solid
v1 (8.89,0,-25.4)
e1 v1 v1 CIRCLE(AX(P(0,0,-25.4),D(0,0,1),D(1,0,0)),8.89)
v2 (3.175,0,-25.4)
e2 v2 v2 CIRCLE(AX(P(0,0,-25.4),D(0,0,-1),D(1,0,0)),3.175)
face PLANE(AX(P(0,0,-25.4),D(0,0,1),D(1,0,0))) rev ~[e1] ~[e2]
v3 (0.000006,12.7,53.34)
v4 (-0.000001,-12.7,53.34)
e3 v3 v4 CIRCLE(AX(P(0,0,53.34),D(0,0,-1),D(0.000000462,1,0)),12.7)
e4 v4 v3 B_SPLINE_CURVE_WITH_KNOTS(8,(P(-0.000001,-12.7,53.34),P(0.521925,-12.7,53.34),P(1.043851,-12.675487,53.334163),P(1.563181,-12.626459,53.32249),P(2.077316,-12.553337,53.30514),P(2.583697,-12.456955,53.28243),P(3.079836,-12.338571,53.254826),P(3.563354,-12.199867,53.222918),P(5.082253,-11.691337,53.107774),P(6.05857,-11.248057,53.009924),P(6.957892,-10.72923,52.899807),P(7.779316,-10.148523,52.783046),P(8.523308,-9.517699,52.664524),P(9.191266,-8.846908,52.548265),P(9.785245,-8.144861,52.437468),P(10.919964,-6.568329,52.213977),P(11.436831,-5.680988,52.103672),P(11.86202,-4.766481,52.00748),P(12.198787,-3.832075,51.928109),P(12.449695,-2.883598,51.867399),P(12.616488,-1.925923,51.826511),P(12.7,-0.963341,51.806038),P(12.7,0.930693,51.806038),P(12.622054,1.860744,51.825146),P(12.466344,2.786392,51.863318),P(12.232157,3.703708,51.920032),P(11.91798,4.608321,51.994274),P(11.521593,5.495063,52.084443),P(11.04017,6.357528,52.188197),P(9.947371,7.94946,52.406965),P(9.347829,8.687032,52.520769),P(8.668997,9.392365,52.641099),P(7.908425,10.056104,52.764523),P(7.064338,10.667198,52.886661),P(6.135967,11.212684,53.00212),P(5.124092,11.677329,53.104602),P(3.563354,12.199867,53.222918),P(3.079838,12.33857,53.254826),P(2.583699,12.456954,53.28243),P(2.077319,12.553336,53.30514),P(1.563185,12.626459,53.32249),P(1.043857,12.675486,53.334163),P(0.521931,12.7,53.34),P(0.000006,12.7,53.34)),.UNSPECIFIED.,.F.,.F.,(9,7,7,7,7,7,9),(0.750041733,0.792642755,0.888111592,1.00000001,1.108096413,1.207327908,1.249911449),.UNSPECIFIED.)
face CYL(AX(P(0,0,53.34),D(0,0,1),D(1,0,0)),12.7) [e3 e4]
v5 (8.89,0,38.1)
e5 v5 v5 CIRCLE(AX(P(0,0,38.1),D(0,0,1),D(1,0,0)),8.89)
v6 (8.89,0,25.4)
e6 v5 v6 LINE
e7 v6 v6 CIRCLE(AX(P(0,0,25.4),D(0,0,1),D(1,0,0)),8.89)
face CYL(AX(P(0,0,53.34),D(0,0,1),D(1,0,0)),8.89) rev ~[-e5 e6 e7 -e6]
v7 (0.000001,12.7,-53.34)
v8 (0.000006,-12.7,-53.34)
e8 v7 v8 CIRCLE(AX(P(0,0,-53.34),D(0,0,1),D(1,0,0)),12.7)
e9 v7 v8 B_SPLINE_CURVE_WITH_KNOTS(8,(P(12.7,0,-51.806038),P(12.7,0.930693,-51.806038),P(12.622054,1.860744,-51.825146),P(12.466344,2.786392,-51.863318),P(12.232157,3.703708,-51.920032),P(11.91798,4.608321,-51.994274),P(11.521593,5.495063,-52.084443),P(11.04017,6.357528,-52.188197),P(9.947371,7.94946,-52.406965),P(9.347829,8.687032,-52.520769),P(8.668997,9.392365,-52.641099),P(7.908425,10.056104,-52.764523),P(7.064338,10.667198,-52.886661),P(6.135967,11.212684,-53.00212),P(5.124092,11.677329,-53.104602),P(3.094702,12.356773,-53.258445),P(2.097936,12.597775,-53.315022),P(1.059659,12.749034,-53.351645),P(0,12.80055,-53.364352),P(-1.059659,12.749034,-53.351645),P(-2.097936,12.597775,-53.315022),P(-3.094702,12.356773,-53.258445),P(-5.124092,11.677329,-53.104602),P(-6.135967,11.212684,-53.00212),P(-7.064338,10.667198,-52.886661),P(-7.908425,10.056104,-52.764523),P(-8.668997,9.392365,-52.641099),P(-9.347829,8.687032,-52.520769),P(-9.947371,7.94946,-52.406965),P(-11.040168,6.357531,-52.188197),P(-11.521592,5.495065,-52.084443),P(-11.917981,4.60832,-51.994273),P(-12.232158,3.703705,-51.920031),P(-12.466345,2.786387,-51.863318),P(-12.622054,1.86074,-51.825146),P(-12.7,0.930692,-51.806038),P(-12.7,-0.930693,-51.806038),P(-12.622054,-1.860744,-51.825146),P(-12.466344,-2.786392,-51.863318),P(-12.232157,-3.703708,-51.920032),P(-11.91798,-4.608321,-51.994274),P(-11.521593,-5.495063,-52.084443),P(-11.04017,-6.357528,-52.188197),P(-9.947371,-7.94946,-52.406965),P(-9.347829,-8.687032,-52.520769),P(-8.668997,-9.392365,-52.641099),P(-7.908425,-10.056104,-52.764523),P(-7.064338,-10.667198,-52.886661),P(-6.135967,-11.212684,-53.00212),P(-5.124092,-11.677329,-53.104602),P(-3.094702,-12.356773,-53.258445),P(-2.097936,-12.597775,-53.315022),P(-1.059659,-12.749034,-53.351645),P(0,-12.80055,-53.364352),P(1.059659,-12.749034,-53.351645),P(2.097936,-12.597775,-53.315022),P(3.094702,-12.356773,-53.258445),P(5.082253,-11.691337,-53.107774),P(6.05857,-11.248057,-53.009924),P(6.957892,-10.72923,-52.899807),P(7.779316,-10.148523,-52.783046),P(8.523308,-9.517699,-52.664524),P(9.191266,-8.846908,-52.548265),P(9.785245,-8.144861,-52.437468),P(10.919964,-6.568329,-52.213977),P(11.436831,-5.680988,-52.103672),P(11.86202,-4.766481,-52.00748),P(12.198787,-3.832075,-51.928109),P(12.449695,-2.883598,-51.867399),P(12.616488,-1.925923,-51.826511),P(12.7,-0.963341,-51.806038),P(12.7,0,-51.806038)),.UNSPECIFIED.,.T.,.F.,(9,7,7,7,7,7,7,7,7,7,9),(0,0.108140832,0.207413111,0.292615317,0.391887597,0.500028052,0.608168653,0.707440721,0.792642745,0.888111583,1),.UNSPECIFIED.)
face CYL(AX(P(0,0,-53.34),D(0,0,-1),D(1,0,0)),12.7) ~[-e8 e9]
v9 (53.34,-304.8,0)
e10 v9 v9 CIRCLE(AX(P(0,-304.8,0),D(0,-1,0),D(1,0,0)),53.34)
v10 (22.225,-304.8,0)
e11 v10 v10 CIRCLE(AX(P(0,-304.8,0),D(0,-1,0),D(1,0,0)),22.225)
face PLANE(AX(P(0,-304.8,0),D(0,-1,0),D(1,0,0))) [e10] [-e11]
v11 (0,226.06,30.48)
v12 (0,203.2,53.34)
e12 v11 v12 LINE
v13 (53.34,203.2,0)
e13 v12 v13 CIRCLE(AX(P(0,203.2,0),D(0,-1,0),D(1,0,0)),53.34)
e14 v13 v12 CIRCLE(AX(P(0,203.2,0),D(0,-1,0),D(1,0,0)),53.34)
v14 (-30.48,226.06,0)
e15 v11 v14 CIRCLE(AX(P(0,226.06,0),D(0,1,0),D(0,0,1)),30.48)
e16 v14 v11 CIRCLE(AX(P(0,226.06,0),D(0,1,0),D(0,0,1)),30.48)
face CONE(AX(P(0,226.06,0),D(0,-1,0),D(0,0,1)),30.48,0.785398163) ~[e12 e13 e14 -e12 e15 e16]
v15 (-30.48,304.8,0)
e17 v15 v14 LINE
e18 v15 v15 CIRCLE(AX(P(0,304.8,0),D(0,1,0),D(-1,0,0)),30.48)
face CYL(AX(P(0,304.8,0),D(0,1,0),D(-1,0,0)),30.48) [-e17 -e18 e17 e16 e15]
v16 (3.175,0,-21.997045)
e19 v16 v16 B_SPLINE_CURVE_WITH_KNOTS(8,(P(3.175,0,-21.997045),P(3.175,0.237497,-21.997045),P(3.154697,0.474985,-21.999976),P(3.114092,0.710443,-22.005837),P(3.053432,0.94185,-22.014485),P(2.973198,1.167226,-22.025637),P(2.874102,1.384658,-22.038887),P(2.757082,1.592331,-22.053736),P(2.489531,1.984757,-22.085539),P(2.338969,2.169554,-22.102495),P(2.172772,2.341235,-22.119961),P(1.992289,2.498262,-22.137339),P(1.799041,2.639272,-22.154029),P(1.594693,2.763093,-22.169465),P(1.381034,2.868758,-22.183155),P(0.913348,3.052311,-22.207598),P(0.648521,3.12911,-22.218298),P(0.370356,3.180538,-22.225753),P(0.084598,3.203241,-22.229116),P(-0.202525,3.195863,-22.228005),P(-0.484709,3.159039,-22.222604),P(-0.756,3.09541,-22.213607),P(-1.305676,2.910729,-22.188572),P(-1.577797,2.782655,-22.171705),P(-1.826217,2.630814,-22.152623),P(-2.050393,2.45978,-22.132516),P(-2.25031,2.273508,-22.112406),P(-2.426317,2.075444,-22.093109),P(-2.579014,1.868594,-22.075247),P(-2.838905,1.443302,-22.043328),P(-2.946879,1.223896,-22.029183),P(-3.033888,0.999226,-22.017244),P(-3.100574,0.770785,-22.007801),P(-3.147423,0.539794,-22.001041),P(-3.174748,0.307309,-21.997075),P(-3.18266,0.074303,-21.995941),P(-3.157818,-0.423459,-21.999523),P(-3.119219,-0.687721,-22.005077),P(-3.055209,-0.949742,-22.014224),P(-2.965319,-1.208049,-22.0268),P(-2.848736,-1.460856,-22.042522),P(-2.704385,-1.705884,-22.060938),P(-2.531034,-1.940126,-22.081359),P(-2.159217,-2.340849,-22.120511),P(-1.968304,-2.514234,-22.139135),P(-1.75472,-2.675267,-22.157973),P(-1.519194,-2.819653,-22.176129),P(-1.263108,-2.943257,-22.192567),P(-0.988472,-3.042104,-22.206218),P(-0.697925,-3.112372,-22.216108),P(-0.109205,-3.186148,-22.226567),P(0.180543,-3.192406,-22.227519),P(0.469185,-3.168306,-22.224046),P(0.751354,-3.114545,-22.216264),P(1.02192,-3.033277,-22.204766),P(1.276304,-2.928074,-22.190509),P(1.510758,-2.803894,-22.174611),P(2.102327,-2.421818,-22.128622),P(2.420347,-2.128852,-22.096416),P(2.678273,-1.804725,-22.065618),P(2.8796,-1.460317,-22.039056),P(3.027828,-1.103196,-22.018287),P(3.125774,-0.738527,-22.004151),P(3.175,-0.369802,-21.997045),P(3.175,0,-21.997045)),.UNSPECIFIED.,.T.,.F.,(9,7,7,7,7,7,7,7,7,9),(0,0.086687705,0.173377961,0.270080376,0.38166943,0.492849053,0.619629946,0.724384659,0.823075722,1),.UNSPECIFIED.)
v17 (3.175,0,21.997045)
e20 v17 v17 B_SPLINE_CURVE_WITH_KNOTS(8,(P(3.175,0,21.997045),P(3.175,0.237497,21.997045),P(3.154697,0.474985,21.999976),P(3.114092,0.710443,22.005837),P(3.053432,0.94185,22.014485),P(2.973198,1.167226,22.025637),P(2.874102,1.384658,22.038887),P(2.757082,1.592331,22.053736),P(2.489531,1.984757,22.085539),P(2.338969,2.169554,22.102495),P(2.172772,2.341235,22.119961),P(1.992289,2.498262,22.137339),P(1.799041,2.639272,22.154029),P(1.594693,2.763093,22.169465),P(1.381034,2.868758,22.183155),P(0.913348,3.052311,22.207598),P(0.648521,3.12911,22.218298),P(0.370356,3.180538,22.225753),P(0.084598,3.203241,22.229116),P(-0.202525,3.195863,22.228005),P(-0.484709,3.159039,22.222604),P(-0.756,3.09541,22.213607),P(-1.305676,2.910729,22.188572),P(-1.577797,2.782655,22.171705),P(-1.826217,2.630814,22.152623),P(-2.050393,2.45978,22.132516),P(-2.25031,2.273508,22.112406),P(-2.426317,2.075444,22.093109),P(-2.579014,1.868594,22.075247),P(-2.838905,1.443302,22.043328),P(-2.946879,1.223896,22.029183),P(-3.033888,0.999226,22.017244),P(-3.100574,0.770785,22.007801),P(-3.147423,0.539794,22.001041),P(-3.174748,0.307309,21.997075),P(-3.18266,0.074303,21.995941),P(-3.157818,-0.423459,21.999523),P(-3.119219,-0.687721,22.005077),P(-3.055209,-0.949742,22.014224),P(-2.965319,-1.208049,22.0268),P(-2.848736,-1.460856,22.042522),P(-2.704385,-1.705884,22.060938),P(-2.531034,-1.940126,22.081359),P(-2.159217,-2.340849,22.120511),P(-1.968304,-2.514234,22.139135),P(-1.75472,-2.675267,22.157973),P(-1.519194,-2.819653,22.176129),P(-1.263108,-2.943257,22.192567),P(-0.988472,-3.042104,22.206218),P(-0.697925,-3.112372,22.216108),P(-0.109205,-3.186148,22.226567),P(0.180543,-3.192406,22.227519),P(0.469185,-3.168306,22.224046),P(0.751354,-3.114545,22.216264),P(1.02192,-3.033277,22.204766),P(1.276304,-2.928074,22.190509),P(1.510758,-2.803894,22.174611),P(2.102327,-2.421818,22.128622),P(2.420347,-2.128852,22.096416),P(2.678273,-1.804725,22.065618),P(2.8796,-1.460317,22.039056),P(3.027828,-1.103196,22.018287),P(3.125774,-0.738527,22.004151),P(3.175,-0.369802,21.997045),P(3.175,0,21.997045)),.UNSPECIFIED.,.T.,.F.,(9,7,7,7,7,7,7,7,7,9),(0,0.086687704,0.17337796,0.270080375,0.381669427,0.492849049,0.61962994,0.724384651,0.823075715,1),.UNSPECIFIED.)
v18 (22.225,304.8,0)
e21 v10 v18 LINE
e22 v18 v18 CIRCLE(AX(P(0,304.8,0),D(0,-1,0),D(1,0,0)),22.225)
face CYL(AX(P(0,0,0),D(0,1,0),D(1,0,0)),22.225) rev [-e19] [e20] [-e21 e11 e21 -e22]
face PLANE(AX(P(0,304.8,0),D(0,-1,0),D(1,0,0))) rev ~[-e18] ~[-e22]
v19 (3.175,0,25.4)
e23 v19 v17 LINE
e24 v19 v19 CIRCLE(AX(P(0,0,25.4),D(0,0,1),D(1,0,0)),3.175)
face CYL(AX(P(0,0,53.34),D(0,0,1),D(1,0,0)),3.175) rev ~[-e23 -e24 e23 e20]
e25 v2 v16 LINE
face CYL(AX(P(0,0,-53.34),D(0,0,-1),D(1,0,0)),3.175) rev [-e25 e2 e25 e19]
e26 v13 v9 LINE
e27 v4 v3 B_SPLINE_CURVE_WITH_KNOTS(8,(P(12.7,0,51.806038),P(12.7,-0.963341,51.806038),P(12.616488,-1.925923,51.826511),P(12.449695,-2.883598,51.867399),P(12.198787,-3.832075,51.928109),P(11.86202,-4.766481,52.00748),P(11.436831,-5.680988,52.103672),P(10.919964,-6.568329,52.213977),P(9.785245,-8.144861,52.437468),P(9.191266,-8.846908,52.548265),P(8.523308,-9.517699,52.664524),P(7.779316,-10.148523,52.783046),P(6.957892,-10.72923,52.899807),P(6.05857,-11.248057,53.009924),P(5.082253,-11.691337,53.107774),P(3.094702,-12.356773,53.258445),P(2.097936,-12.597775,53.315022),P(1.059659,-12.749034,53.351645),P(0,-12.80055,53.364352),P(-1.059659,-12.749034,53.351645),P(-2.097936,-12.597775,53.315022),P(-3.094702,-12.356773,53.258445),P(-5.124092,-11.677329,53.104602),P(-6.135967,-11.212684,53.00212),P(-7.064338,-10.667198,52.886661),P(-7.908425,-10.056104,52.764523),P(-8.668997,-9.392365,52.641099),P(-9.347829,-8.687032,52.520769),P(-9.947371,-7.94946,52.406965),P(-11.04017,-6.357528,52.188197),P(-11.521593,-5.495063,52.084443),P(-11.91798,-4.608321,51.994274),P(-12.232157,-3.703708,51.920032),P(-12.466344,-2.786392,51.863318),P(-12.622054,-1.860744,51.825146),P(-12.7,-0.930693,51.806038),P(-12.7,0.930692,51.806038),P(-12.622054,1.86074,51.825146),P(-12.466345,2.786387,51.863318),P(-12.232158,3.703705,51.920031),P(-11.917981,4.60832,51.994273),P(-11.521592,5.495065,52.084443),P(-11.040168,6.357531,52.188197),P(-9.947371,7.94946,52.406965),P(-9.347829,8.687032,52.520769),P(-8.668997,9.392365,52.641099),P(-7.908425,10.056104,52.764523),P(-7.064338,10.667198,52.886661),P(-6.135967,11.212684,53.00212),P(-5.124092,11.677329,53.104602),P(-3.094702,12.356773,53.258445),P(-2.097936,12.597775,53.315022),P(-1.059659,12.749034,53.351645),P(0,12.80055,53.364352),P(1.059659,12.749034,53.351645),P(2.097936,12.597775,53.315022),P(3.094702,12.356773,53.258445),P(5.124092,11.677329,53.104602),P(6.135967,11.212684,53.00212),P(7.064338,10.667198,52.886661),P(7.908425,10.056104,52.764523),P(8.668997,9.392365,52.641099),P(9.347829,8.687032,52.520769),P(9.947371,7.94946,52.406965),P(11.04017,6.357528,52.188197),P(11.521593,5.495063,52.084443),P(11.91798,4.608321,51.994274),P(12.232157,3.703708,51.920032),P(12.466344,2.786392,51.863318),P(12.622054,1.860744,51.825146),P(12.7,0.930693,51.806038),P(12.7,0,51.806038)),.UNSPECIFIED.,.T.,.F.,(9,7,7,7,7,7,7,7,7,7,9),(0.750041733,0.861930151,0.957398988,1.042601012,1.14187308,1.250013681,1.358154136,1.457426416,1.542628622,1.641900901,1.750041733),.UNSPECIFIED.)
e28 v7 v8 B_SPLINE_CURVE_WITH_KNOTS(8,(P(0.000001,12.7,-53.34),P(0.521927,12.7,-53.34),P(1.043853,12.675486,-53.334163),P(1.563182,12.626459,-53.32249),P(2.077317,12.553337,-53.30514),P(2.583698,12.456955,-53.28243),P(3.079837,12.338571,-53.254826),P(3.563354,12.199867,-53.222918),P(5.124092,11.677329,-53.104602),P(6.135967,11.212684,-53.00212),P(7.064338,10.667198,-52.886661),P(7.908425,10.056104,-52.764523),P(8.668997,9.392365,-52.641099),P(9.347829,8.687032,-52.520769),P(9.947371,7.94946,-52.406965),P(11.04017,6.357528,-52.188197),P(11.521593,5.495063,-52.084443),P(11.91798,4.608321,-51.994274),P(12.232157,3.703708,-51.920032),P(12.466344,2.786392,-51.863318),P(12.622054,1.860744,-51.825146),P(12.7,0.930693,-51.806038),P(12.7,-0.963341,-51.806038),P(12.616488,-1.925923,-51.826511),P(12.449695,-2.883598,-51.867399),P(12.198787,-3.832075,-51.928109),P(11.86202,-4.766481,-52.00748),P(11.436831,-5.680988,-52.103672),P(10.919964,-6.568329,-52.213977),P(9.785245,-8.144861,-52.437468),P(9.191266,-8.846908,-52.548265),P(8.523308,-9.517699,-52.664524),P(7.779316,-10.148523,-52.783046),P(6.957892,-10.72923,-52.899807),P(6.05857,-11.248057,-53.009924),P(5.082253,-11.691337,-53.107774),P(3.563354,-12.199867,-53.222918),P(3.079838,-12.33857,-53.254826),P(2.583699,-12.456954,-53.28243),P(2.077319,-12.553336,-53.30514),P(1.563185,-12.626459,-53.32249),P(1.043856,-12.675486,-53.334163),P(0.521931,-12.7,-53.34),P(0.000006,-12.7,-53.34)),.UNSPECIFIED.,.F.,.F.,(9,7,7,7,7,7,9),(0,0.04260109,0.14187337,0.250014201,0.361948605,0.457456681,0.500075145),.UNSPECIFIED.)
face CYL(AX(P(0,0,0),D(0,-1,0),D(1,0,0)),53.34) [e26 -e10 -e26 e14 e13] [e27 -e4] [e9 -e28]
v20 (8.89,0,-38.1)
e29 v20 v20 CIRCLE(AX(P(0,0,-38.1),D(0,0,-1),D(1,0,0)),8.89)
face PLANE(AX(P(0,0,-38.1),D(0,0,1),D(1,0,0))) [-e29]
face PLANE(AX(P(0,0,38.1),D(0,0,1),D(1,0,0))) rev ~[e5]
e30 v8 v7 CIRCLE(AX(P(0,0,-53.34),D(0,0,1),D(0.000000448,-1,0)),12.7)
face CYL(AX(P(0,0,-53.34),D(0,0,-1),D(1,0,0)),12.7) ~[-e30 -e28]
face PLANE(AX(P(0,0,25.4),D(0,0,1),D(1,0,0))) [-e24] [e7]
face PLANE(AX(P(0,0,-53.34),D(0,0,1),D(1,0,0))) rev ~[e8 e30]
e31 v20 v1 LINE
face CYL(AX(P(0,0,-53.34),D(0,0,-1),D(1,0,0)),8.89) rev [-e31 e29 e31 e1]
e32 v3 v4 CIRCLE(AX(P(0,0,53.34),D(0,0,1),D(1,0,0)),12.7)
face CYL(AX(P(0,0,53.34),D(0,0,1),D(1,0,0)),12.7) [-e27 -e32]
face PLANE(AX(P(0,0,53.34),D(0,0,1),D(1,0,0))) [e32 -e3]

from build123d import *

# Parameters (mm, degrees)
F0_R      = 53.34
F0_R_2    = 22.225
F1_DEPTH  = 304.8
F4_R      = 53.34
F4_R_2    = 30.48
F5_DEPTH  = 101.6
F10_R     = 12.7
F10_R_2   = 8.89
F10_R_3   = 3.175
F11_DEPTH = 15.24
F12_DEPTH = 27.94
F13_DEPTH = 32.3429548439
F14_R     = 12.7
F14_R_2   = 8.89
F14_R_3   = 3.175
F15_DEPTH = 15.24
F16_DEPTH = 27.94
F17_DEPTH = 32.3429548439
F18_R     = 12.7
F19_DEPTH = 15.24
F20_R     = 12.7
F21_DEPTH = 15.24


with BuildPart() as f1:
    # F0 (on Front) → F1 (new body, symmetric)
    with BuildSketch(Plane.XZ):
        Circle(F0_R)
        Circle(F0_R_2, mode=Mode.SUBTRACT)
    extrude(amount=F1_DEPTH, both=True)

    # F4 (on offset) → F5 (cut)
    with BuildSketch(Plane(origin=(0, 304.8, 0), x_dir=(-1, 0, 0), z_dir=(0, 1, 0))):
        Circle(F4_R)
        Circle(F4_R_2, mode=Mode.SUBTRACT)
    extrude(amount=-F5_DEPTH, mode=Mode.SUBTRACT)

    # F6 (on Right) → F7 (revolve)
    with BuildSketch(Plane.YZ):
        Polygon((203.2, 53.34), (203.2, 30.48), (226.06, 30.48), align=None)
    revolve(axis=Axis((0, 101.6, 0), (0, 1, 0)))

    # F10 (on offset) → F11 (cut)
    with BuildSketch(Plane.XY.offset(53.34)):
        Circle(F10_R)
        Circle(F10_R_2, mode=Mode.SUBTRACT)
        Circle(F10_R_2)
        Circle(F10_R_3, mode=Mode.SUBTRACT)
        Circle(F10_R_3)
    extrude(amount=-F11_DEPTH, mode=Mode.SUBTRACT)

    # F10 (on offset) → F12 (cut)
    with BuildSketch(Plane.XY.offset(53.34)):
        Circle(F10_R_2)
        Circle(F10_R_3, mode=Mode.SUBTRACT)
        Circle(F10_R_3)
    extrude(amount=-F12_DEPTH, mode=Mode.SUBTRACT)

    # F10 (on offset) → F13 (cut, up to face)
    with BuildSketch(Plane.XY.offset(53.34)):
        Circle(F10_R_3)
    extrude(amount=-F13_DEPTH, mode=Mode.SUBTRACT)

    # F14 (on offset) → F15 (cut)
    with BuildSketch(Plane.XY.offset(-53.34)):
        Circle(F14_R)
        Circle(F14_R_2, mode=Mode.SUBTRACT)
        Circle(F14_R_2)
        Circle(F14_R_3, mode=Mode.SUBTRACT)
        Circle(F14_R_3)
    extrude(amount=F15_DEPTH, mode=Mode.SUBTRACT)

    # F14 (on offset) → F16 (cut)
    with BuildSketch(Plane.XY.offset(-53.34)):
        Circle(F14_R_2)
        Circle(F14_R_3, mode=Mode.SUBTRACT)
        Circle(F14_R_3)
    extrude(amount=F16_DEPTH, mode=Mode.SUBTRACT)

    # F14 (on offset) → F17 (cut, up to face)
    with BuildSketch(Plane.XY.offset(-53.34)):
        Circle(F14_R_3)
    extrude(amount=F17_DEPTH, mode=Mode.SUBTRACT)

    # F18 (on offset) → F19 (join, through all)
    with BuildSketch(Plane.XY.offset(53.34)):
        Circle(F18_R)
    extrude(amount=-F19_DEPTH)

    # F20 (on offset) → F21 (join, through all)
    with BuildSketch(Plane.XY.offset(-53.34)):
        Circle(F20_R)
    extrude(amount=F21_DEPTH)


solid = f1.part
